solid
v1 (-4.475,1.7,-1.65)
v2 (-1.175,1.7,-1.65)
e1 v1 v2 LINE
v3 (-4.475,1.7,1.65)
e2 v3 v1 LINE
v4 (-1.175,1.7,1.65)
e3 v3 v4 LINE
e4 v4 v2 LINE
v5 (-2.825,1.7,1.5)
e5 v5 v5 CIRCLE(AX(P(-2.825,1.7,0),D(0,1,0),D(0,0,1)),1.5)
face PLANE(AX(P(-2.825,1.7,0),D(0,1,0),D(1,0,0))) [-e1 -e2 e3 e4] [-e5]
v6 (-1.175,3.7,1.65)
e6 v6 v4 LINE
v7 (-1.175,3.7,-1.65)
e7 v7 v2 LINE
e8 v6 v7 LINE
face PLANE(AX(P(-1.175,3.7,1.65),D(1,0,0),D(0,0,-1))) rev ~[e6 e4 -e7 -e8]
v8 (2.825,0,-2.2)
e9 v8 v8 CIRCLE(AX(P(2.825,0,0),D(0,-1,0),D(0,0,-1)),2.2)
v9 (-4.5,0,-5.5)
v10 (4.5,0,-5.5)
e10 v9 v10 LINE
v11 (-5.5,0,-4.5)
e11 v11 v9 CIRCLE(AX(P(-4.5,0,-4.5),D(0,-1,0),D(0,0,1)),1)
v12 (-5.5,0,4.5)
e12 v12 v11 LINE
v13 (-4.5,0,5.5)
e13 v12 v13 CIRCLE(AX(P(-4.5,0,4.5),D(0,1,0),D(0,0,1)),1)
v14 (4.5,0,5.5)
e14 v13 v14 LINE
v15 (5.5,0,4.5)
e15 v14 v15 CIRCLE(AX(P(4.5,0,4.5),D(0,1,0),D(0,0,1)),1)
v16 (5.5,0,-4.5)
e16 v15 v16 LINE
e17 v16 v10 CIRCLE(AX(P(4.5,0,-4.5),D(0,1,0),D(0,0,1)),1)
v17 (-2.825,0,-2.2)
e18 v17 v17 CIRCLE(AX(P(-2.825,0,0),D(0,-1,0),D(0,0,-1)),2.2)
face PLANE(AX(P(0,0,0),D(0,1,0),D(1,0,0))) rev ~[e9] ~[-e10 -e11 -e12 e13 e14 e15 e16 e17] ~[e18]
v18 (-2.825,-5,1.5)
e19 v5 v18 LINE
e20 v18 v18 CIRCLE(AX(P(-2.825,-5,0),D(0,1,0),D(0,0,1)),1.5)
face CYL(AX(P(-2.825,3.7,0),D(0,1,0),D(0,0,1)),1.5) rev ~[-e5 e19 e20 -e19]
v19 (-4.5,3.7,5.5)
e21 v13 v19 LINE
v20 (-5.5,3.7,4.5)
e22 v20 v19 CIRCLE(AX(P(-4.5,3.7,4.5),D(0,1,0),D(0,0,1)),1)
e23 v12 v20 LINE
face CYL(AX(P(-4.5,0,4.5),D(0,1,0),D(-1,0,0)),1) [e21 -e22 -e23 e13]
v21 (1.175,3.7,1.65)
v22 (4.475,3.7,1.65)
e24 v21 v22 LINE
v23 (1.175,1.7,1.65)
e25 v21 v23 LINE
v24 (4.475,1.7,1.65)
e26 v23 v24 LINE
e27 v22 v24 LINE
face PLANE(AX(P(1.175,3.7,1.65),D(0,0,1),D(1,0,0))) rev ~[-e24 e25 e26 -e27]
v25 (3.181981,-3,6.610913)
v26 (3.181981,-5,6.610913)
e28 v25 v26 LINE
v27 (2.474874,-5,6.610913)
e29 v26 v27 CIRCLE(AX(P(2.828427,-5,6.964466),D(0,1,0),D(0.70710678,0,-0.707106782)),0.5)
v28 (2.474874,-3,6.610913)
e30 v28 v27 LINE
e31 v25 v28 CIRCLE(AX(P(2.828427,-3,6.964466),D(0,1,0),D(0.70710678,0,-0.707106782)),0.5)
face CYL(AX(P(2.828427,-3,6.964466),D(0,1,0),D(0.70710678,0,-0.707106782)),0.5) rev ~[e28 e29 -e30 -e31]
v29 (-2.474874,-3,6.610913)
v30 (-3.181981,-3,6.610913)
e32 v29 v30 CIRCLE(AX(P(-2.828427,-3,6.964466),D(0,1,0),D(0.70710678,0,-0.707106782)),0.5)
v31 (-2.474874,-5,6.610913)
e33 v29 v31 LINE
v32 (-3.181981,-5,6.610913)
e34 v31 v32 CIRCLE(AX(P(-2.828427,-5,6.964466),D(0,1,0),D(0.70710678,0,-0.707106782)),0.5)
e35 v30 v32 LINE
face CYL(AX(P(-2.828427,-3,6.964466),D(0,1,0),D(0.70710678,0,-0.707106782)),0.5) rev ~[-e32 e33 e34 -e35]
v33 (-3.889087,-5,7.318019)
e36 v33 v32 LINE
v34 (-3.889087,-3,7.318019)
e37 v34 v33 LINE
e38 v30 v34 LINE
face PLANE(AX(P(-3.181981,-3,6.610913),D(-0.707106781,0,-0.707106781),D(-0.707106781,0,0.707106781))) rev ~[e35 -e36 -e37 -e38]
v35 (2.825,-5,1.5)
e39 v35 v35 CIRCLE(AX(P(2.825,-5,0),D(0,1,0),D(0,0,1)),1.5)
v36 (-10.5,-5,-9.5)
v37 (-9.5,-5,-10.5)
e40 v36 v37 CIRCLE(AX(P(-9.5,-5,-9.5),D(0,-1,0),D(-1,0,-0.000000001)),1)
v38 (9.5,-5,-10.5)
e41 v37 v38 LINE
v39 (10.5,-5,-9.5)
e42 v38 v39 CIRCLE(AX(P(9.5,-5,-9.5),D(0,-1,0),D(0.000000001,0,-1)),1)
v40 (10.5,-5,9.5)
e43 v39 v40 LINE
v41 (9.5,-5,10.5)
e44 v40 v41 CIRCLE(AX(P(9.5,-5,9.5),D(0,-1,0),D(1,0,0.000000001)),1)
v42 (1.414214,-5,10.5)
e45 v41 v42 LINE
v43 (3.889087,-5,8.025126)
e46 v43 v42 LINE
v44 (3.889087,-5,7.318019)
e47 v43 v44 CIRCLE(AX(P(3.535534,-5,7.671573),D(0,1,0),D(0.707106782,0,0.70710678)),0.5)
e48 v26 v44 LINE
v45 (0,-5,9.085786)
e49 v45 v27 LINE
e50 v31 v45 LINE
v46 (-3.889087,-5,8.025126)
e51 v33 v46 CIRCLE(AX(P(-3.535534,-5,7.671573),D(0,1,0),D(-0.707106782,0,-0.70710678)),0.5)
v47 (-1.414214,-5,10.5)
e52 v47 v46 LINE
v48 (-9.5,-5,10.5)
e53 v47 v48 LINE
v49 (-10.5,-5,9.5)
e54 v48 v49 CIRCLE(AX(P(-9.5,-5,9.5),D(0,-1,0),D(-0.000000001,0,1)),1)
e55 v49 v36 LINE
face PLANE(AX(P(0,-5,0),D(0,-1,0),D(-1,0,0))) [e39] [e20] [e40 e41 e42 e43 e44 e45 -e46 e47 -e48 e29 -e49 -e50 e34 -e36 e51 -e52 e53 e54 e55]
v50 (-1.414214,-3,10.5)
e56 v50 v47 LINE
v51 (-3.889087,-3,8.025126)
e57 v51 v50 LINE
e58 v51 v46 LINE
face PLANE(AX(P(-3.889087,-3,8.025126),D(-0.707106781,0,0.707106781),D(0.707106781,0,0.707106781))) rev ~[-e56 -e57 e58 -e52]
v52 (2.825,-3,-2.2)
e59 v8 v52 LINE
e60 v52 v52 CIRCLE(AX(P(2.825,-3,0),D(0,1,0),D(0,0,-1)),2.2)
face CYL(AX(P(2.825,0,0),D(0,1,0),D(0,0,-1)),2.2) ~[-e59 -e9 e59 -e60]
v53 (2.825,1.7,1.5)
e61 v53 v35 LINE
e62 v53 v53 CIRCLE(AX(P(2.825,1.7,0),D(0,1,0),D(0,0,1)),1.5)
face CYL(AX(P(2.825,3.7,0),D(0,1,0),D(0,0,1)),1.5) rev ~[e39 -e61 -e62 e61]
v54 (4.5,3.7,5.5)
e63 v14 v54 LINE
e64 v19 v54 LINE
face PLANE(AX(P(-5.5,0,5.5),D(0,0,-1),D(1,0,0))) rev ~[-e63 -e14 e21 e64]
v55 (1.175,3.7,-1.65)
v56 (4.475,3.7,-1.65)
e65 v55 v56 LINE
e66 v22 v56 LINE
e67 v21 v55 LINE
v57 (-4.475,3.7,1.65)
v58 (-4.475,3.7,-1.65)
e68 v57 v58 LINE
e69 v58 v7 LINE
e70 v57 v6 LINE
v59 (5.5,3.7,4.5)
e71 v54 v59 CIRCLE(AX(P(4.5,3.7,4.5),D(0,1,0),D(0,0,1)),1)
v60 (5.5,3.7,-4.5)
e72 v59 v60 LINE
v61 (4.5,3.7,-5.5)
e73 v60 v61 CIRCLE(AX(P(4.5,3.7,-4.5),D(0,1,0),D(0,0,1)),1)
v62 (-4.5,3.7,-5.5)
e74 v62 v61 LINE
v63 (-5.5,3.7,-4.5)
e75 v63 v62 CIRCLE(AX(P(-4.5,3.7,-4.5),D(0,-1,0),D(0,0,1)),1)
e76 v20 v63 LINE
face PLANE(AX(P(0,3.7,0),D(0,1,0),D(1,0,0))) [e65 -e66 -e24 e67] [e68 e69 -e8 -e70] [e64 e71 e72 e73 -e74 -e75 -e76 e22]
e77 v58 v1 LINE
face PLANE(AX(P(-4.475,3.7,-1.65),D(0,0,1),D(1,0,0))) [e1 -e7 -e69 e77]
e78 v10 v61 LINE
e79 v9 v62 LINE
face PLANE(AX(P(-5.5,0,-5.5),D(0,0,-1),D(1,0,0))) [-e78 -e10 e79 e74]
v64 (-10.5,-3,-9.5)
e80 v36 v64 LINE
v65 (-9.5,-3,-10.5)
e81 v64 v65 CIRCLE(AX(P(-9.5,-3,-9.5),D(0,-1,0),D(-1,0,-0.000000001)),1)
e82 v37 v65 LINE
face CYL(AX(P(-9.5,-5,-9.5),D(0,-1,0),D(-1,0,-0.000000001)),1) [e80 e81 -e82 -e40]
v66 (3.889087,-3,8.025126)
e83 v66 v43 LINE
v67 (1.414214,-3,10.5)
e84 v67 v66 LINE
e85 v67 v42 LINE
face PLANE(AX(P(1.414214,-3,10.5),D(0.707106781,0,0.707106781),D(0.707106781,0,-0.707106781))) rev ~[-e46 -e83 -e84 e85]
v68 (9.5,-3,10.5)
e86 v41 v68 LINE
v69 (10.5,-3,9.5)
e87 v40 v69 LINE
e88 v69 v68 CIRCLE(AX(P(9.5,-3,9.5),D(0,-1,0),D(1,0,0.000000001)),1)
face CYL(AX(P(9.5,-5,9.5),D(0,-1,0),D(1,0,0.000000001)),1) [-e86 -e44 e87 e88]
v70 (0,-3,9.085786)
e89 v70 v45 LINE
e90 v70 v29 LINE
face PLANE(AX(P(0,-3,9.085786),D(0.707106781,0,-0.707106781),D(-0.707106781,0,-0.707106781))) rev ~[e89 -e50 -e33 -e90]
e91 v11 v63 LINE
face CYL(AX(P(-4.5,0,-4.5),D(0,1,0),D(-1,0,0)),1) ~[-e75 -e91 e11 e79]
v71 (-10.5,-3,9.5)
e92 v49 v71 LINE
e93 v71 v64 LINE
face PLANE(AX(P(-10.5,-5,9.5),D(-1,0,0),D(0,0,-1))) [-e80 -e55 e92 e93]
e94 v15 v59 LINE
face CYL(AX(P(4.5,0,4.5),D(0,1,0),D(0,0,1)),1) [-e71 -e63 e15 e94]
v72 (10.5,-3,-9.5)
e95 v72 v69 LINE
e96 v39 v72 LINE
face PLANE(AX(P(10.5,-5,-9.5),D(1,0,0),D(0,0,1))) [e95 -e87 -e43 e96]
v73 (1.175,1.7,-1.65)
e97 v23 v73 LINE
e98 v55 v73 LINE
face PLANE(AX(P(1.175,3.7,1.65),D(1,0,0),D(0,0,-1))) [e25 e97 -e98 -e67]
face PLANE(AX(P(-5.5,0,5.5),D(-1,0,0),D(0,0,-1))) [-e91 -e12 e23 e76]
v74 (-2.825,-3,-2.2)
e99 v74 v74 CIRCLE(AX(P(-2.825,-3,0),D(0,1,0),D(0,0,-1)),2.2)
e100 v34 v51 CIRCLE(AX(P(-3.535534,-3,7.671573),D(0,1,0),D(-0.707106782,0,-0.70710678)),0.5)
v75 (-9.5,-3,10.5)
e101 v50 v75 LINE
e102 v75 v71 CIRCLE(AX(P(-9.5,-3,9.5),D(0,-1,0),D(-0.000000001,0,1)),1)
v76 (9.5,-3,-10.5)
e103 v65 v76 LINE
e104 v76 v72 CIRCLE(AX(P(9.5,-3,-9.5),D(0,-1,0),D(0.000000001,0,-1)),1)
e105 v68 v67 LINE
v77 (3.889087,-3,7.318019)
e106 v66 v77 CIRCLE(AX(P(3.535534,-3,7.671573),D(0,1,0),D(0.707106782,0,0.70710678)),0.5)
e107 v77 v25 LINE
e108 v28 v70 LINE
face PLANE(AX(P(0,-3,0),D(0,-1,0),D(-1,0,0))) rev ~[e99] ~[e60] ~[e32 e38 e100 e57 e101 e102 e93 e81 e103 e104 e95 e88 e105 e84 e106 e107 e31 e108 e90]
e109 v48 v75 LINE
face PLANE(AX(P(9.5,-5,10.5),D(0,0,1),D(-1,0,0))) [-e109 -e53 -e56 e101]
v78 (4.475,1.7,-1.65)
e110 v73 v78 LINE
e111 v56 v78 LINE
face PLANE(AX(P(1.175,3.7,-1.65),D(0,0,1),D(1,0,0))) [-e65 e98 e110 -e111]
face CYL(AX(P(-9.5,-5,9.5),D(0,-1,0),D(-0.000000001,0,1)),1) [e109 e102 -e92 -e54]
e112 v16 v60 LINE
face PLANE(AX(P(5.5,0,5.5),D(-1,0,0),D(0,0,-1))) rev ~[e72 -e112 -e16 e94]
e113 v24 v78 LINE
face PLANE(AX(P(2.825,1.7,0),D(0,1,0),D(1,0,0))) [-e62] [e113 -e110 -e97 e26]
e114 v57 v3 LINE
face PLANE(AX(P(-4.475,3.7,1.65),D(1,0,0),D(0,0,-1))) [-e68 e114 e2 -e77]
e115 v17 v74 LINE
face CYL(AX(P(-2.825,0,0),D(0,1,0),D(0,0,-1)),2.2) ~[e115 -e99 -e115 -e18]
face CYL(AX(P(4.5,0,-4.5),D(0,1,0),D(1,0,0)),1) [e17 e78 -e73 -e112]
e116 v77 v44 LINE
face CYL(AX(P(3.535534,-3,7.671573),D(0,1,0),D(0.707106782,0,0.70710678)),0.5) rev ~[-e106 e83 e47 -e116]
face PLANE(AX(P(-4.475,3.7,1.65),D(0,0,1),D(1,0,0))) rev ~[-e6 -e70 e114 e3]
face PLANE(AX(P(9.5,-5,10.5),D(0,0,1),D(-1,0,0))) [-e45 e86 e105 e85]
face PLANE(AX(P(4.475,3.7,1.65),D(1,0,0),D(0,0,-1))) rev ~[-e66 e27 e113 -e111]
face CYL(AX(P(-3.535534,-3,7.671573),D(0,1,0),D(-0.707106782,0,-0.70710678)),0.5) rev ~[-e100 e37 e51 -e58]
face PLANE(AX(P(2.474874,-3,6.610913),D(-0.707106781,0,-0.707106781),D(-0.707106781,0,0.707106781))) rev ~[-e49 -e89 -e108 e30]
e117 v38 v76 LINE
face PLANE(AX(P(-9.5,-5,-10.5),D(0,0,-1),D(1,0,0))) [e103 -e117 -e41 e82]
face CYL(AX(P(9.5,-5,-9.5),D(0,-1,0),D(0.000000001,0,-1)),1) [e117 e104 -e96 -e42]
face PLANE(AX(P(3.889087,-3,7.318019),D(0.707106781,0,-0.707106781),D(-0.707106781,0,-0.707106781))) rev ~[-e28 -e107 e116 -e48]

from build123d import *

# Parameters (mm, degrees)
SKETCH1_W           = 11
SKETCH1_H           = 11
BOSS_EXTRUDE1_DEPTH = 3.7
FILLET1_R           = 1
SKETCH2_W           = 3.3
SKETCH2_H           = 3.3
CUT_EXTRUDE1_DEPTH  = 2
SKETCH4_R           = 2.2
BOSS_EXTRUDE2_DEPTH = 5
BOSS_EXTRUDE3_DEPTH = 2
SKETCH3_R           = 1.5
CUT_EXTRUDE2_DEPTH  = 18.210171411
CUT_EXTRUDE3_DEPTH  = 17.290794947


with BuildPart() as part:
    # Sketch1 → Boss-Extrude1 (new body)
    with BuildSketch(Plane(origin=(0, 0, 0), x_dir=(1, 0, 0), z_dir=(0, 1, 0))):
        Rectangle(SKETCH1_W, SKETCH1_H)
    extrude(amount=BOSS_EXTRUDE1_DEPTH)

    # Fillet1
    fillet1_edges = [part.edges().sort_by_distance(p)[0] for p in [
        (5.5, 1.85, 5.5),
        (-5.5, 1.85, 5.5),
        (-5.5, 1.85, -5.5),
        (5.5, 1.85, -5.5),
    ]]
    fillet(fillet1_edges, radius=FILLET1_R)

    # Sketch2 → Cut-Extrude1 (cut)
    with BuildSketch(Plane(origin=(0, 3.7, 0), x_dir=(1, 0, 0), z_dir=(0, 1, 0))):
        with Locations((-2.825, 0)):
            Rectangle(SKETCH2_W, SKETCH2_H)
        with Locations((2.825, 0)):
            Rectangle(SKETCH2_W, SKETCH2_H)
    extrude(amount=-CUT_EXTRUDE1_DEPTH, mode=Mode.SUBTRACT)

    # Sketch4 → Boss-Extrude2 (add)
    with BuildSketch(Plane(origin=(0, 0, 0), x_dir=(-1, 0, 0), z_dir=(0, -1, 0))):
        with Locations(Location((2.825, 0, 0), (0, 0, 90))):
            Circle(SKETCH4_R)
        with Locations(Location((-2.825, 0, 0), (0, 0, 90))):
            Circle(SKETCH4_R)
    extrude(amount=BOSS_EXTRUDE2_DEPTH)

    # Sketch5 → Boss-Extrude3 (add)
    with BuildSketch(Plane(origin=(0, -5, 0), x_dir=(-1, 0, 0), z_dir=(0, -1, 0))):
        with BuildLine():
            Line((9.5, 10.5), (-9.5, 10.5))
            ThreePointArc((-9.5, 10.5), (-10.207106781, 10.207106781), (-10.5, 9.5))
            Line((-10.5, 9.5), (-10.5, -9.5))
            ThreePointArc((-10.5, -9.5), (-10.207106781, -10.207106781), (-9.5, -10.5))
            Line((-9.5, -10.5), (9.5, -10.5))
            ThreePointArc((9.5, -10.5), (10.207106781, -10.207106781), (10.5, -9.5))
            Line((10.5, -9.5), (10.5, 9.5))
            ThreePointArc((10.5, 9.5), (10.207106781, 10.207106781), (9.5, 10.5))
        make_face()
    extrude(amount=-BOSS_EXTRUDE3_DEPTH)

    # Sketch3 → Cut-Extrude2 (cut, through all)
    with BuildSketch(Plane(origin=(0, 3.7, 0), x_dir=(1, 0, 0), z_dir=(0, 1, 0))):
        with Locations(Location((-2.825, 0, 0), (0, 0, 270))):
            Circle(SKETCH3_R)
        with Locations(Location((2.825, 0, 0), (0, 0, 270))):
            Circle(SKETCH3_R)
    extrude(amount=-CUT_EXTRUDE2_DEPTH, mode=Mode.SUBTRACT)

    # Sketch7 → Cut-Extrude3 (cut, through all)
    with BuildSketch(Plane(origin=(0, -3, 0), x_dir=(1, 0, 0), z_dir=(0, 1, 0))):
        with BuildLine():
            Line((0, -9.085786438), (1.414213562, -10.5))
            Line((1.414213562, -10.5), (3.889087297, -8.025126266))
            ThreePointArc((3.889087297, -8.025126266), (4.035533906, -7.671572875), (3.889087297, -7.318019485))
            Line((3.889087297, -7.318019485), (3.181980515, -6.610912703))
            ThreePointArc((3.181980515, -6.610912703), (2.828427125, -6.464466094), (2.474873734, -6.610912703))
            Line((2.474873734, -6.610912703), (0, -9.085786438))
        make_face()
        with BuildLine():
            Line((-3.889087297, -8.025126266), (-1.414213562, -10.5))
            Line((-1.414213562, -10.5), (0, -9.085786438))
            Line((0, -9.085786438), (-2.474873734, -6.610912703))
            ThreePointArc((-2.474873734, -6.610912703), (-2.828427125, -6.464466094), (-3.181980515, -6.610912703))
            Line((-3.181980515, -6.610912703), (-3.889087297, -7.318019485))
            ThreePointArc((-3.889087297, -7.318019485), (-4.035533906, -7.671572875), (-3.889087297, -8.025126266))
        make_face()
        Polygon((-1.414213562, -10.5), (1.414213562, -10.5), (0, -9.085786438), align=None)
    extrude(amount=-CUT_EXTRUDE3_DEPTH, mode=Mode.SUBTRACT)


solid = part.part
